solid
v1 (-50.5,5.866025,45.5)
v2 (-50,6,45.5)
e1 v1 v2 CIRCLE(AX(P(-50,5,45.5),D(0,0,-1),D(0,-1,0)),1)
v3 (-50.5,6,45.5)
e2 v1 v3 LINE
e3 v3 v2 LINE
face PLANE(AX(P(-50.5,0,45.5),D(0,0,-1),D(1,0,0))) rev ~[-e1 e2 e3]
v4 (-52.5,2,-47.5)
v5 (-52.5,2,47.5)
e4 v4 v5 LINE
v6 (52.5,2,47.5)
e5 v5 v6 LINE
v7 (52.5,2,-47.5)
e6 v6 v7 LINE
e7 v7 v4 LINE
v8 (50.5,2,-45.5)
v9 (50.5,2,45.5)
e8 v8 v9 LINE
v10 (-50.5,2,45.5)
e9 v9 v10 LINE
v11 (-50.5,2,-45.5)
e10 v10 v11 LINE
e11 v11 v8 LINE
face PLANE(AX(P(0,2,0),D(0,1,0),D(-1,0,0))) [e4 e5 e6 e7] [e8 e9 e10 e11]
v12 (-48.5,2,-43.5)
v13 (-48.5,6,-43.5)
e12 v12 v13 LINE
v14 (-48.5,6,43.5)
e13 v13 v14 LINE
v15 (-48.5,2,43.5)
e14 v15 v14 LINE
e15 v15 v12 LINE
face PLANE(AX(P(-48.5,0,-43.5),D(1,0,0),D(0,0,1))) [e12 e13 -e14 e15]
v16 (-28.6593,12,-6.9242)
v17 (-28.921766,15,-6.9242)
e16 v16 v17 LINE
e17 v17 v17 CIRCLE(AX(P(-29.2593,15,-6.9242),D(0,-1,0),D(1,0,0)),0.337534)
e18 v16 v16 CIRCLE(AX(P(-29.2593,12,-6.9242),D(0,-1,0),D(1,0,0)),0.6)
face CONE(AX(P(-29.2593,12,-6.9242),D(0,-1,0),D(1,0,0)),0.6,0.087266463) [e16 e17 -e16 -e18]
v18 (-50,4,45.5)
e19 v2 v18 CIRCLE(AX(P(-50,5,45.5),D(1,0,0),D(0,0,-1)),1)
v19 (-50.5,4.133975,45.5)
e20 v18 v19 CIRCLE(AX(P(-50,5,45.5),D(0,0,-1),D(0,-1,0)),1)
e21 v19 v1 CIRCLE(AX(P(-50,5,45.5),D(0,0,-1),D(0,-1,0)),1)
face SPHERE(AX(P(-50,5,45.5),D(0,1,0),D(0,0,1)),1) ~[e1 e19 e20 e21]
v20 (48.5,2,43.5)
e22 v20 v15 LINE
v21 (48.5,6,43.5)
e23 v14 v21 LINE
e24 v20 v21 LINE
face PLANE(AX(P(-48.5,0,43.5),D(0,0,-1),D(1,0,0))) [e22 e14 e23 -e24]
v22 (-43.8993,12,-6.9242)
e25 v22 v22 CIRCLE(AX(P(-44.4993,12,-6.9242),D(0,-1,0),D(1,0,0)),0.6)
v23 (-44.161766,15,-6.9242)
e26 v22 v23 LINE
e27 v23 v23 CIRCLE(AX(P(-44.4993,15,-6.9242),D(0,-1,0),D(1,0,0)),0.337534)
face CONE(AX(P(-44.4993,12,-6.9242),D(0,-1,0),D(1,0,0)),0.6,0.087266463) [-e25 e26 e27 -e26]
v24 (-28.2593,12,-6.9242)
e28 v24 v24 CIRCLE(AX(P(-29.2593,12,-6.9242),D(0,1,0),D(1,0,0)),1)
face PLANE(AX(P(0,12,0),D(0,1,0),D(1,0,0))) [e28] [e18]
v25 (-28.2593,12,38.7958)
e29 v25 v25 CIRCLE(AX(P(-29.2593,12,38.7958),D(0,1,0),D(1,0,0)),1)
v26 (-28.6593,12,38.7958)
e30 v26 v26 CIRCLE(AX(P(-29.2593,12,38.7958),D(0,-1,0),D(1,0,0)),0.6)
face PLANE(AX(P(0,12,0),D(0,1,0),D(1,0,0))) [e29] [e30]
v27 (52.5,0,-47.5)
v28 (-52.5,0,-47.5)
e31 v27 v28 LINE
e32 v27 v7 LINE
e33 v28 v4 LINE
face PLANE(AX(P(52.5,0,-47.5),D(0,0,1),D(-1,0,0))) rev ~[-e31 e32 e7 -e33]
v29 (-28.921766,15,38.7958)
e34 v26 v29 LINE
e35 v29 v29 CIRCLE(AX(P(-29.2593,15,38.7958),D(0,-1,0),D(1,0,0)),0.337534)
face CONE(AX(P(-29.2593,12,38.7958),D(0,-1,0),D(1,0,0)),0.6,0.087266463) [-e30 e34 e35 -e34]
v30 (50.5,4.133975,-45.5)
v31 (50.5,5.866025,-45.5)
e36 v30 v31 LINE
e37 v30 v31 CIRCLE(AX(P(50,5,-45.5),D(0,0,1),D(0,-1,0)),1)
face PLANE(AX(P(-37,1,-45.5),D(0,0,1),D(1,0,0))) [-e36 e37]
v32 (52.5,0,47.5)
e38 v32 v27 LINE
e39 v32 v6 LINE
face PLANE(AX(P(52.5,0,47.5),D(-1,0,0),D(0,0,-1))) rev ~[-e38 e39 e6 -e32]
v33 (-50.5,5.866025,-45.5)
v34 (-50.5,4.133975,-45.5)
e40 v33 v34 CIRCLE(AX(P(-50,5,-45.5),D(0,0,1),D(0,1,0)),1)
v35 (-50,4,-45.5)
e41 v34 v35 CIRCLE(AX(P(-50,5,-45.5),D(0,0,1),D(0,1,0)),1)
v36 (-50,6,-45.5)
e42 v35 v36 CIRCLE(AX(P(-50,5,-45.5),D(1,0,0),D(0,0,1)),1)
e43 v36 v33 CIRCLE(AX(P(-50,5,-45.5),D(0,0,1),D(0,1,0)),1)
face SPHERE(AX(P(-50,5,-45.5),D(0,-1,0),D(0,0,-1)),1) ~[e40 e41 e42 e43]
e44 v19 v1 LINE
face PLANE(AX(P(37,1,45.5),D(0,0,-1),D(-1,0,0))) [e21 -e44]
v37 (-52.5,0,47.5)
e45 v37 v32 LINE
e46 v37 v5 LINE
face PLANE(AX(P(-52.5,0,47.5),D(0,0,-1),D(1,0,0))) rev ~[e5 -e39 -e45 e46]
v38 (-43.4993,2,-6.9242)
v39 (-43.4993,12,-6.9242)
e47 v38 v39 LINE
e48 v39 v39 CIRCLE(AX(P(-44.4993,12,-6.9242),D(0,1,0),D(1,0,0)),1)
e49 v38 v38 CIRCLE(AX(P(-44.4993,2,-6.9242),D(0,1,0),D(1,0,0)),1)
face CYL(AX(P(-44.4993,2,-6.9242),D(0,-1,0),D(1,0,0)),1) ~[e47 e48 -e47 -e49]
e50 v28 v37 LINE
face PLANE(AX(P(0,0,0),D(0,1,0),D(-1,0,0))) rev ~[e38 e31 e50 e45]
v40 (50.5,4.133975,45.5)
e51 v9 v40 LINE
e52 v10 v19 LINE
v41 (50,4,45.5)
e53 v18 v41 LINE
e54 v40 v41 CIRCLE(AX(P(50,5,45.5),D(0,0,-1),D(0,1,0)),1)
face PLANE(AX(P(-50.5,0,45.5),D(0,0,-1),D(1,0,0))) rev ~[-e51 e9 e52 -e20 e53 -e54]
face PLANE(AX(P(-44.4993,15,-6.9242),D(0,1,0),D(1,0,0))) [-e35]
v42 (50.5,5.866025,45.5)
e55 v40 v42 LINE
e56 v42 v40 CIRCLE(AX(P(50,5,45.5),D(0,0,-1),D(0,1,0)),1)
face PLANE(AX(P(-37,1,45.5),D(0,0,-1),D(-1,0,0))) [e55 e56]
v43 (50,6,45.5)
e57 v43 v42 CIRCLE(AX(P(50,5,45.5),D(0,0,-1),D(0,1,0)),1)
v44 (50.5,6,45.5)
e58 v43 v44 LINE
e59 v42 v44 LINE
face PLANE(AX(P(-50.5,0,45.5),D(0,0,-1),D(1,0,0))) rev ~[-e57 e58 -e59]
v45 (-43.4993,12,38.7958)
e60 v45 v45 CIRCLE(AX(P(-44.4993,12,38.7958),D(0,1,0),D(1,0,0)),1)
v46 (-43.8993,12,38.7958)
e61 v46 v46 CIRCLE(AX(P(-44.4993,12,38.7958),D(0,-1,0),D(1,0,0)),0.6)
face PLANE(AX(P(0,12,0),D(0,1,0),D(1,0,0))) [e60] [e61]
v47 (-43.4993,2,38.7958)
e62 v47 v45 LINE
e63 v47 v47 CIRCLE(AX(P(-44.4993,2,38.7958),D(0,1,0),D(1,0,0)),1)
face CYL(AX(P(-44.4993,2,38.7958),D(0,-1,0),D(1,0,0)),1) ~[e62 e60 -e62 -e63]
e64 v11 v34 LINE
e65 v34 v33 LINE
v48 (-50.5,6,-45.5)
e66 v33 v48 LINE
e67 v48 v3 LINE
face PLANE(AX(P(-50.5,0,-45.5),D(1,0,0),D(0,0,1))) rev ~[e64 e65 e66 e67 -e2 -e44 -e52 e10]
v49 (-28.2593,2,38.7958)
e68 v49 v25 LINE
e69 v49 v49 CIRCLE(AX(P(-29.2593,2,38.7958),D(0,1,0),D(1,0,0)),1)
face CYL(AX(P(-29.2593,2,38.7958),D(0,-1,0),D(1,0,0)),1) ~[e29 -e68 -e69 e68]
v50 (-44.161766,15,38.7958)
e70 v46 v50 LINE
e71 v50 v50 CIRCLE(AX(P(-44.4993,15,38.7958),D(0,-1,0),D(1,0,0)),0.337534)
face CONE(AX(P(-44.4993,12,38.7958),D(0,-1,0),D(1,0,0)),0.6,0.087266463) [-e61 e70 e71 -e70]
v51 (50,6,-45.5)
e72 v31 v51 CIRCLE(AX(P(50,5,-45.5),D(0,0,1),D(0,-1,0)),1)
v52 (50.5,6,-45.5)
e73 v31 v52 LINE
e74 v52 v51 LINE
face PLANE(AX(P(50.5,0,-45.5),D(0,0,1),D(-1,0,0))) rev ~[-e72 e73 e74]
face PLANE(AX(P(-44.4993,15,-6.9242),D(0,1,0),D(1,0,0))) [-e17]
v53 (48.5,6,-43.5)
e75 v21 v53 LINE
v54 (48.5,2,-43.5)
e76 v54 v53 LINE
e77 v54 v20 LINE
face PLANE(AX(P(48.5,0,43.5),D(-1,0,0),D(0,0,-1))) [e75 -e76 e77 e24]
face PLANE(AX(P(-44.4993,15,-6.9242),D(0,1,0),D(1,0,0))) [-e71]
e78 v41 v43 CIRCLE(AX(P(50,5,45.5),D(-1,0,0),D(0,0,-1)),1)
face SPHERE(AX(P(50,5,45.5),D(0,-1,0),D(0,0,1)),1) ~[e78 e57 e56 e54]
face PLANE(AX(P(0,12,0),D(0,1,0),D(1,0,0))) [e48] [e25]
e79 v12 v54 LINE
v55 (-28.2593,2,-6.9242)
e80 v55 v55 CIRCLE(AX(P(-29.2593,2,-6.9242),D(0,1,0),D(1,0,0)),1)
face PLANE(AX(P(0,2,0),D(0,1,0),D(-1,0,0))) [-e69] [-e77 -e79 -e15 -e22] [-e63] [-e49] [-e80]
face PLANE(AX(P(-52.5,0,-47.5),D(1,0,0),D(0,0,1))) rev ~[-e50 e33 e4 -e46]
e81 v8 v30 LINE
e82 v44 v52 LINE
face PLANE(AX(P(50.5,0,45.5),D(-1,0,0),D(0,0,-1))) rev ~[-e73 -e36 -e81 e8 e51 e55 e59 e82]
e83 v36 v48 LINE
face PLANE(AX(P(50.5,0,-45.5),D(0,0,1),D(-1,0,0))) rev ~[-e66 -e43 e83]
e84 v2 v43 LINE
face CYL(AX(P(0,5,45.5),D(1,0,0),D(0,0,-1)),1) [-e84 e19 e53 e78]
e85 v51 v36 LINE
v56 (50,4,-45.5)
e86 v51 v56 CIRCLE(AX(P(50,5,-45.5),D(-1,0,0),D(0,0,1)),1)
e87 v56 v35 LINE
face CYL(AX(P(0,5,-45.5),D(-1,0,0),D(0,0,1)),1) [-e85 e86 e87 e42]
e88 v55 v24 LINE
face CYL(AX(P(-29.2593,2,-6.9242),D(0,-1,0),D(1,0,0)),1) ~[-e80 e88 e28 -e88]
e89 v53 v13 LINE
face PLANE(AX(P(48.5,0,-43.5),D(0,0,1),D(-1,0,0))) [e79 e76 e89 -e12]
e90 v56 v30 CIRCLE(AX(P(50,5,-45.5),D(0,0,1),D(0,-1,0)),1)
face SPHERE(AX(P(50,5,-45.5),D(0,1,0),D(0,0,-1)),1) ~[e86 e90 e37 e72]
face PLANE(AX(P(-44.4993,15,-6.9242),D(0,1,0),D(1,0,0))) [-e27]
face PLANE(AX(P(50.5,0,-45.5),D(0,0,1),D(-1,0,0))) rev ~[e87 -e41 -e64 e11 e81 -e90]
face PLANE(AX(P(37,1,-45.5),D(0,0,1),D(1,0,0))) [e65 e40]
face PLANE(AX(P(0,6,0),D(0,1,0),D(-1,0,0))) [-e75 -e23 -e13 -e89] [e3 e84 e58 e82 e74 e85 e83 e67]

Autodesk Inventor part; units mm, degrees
ref_plane "YZ Plane" through (0, 0, 0) normal (1, 0, 0) x (0, 1, 0)
ref_plane "XZ Plane" through (0, 0, 0) normal (0, 1, 0) x (-1, 0, 0)
ref_plane "XY Plane" through (0, 0, 0) normal (0, 0, 1) x (1, 0, 0)
sketch "Master_XZ" plane through (0, 0, 0) normal (0, 1, 0) x (-1, 0, 0)
  line L0 (52.5, 47.5) -> (-52.5, 47.5)
  line L1 (-52.5, 47.5) -> (-52.5, -47.5)
  line L2 (-52.5, -47.5) -> (52.5, -47.5)
  line L3 (52.5, -47.5) -> (52.5, 47.5)
  line L4 (52.5, 47.5) -> (-52.5, -47.5) construction
  line L5 (-52.5, 47.5) -> (52.5, -47.5) construction
  line L6 (50.5, 45.5) -> (-50.5, 45.5)
  line L7 (-50.5, 45.5) -> (-50.5, -45.5)
  line L8 (-50.5, -45.5) -> (50.5, -45.5)
  line L9 (50.5, -45.5) -> (50.5, 45.5)
  line L10 (48.5, 43.5) -> (-48.5, 43.5)
  line L11 (-48.5, 43.5) -> (-48.5, -43.5)
  line L12 (-48.5, -43.5) -> (48.5, -43.5)
  line L13 (48.5, -43.5) -> (48.5, 43.5)
  point P0 (0, 0)
  dimension "d0" = 2
  dimension "d1" = 2
  dimension "d10" = 105
  dimension "d15" = 95
extrude "Floor" add sketch "Master_XZ" along normal blind 2 contours L3 L2 L1 L0 | L9 L8 L7 L6 | L13 L12 L11 L10
extrude "Walls" add sketch "Master_XZ" along normal blind 6 contours L9 L8 L7 L6
sketch "Lip_profile" plane through (0, 1, -41.5) normal (1, 0, 0) x (0, 0, -1)
  line L0 (-87, 1) -> (-87, 5) projected
  circle A0 centre (-87, 4) radius 1
  line L1 (-87, 5) -> (4, 5) projected
  line L2 (-87, 5) -> (-87, 3)
  point P0 (-41.5, -1)
  dimension "d6" = 2
  dimension "d7" = 1
extrude "Lip" add sketch "Lip_profile" along normal mid plane 100
sketch "Sketch3" plane through (50, 1, -41.5) normal (1, 0, 0) x (0, 0, -1)
  line L0 (-87, 5) -> (-87, 3) projected
  line L1 (-87, 5) -> (-87, 3) projected
  arc A0 (-87, 5) -> (-87, 3) centre (-87, 4) ccw projected
  point P0 (-41.5, -1)
revolve "Lip_edge_right" add sketch "Sketch3" angle 90 about axis through (50, 6, 45.5) along (0, 1, 0)
sketch "Sketch4" plane through (-50, 1, -41.5) normal (-1, 0, 0) x (0, 0, 1)
  line L0 (87, 3) -> (87, 5) projected
  arc A0 (87, 3) -> (87, 5) centre (87, 4) ccw projected
  point P0 (41.5, -1)
revolve "Lip_edge_left" add sketch "Sketch4" angle 90 about axis through (-50, 4, 45.5) along (0, -1, 0)
pattern_circular "Circular Pattern1" count 2 over 360 about axis through (0, -10, 0) along (0, 1, 0) of "Lip", "Lip_edge_right", "Lip_edge_left"
sketch "Sketch6" plane through (0, 2, 0) normal (0, 1, 0) x (1, 0, 0)
  circle A0 centre (-44.4993, 6.9242) radius 0.6
  circle A1 centre (-29.2593, 6.9242) radius 0.6
  circle A2 centre (-29.2593, -38.7958) radius 0.6
  circle A3 centre (-44.4993, -38.7958) radius 0.6
  circle A4 centre (-29.2593, 6.9242) radius 1
  circle A5 centre (-44.4993, 6.9242) radius 1
  circle A6 centre (-44.4993, -38.7958) radius 1
  circle A7 centre (-29.2593, -38.7958) radius 1
  point P0 (0, 0)
  dimension "d18" = 1.2
  dimension "d19" = 1.2
  dimension "d20" = 1.2
  dimension "d21" = 1.2
  dimension "d22" = 45.72
  dimension "d23" = 15.24
  dimension "d26" = 0.4
  dimension "d27" = 0.4
  dimension "d28" = 0.4
  dimension "d29" = 0.4
extrude "Standoff_base" add sketch "Sketch6" along normal blind 10 contours A0 | A1 | A2 | A3 | A4 | A5 | A6 | A7
sketch "Sketch8" plane through (-44.4993, 12, -6.9242) normal (0, 1, 0) x (1, 0, 0)
  circle A0 centre (0, 0) radius 1 projected
  circle A1 centre (15.24, 0) radius 1 projected
  circle A2 centre (0, -45.72) radius 1 projected
  circle A3 centre (15.24, -45.72) radius 1 projected
  circle A4 centre (0, 0) radius 0.6
  circle A5 centre (15.24, 0) radius 0.6
  circle A6 centre (0, -45.72) radius 0.6
  circle A7 centre (15.24, -45.72) radius 0.6
  point P0 (44.4993, -6.9242)
  dimension "d32" = 0.4
  dimension "d33" = 0.4
  dimension "d34" = 0.4
  dimension "d35" = 0.4
extrude "Standoff_tip" add sketch "Sketch8" along normal blind 3 draft -5 contours A4 | A5 | A6 | A7
equation "\"d27\" = d26"
equation "\"d28\" = d26"
equation "\"d29\" = d26"
equation "\"d32\" = d26"
equation "\"d33\" = d26"
equation "\"d34\" = d26"
equation "\"d35\" = d26"
properties part number "BARB_bottom" material "ABS Plastic"
